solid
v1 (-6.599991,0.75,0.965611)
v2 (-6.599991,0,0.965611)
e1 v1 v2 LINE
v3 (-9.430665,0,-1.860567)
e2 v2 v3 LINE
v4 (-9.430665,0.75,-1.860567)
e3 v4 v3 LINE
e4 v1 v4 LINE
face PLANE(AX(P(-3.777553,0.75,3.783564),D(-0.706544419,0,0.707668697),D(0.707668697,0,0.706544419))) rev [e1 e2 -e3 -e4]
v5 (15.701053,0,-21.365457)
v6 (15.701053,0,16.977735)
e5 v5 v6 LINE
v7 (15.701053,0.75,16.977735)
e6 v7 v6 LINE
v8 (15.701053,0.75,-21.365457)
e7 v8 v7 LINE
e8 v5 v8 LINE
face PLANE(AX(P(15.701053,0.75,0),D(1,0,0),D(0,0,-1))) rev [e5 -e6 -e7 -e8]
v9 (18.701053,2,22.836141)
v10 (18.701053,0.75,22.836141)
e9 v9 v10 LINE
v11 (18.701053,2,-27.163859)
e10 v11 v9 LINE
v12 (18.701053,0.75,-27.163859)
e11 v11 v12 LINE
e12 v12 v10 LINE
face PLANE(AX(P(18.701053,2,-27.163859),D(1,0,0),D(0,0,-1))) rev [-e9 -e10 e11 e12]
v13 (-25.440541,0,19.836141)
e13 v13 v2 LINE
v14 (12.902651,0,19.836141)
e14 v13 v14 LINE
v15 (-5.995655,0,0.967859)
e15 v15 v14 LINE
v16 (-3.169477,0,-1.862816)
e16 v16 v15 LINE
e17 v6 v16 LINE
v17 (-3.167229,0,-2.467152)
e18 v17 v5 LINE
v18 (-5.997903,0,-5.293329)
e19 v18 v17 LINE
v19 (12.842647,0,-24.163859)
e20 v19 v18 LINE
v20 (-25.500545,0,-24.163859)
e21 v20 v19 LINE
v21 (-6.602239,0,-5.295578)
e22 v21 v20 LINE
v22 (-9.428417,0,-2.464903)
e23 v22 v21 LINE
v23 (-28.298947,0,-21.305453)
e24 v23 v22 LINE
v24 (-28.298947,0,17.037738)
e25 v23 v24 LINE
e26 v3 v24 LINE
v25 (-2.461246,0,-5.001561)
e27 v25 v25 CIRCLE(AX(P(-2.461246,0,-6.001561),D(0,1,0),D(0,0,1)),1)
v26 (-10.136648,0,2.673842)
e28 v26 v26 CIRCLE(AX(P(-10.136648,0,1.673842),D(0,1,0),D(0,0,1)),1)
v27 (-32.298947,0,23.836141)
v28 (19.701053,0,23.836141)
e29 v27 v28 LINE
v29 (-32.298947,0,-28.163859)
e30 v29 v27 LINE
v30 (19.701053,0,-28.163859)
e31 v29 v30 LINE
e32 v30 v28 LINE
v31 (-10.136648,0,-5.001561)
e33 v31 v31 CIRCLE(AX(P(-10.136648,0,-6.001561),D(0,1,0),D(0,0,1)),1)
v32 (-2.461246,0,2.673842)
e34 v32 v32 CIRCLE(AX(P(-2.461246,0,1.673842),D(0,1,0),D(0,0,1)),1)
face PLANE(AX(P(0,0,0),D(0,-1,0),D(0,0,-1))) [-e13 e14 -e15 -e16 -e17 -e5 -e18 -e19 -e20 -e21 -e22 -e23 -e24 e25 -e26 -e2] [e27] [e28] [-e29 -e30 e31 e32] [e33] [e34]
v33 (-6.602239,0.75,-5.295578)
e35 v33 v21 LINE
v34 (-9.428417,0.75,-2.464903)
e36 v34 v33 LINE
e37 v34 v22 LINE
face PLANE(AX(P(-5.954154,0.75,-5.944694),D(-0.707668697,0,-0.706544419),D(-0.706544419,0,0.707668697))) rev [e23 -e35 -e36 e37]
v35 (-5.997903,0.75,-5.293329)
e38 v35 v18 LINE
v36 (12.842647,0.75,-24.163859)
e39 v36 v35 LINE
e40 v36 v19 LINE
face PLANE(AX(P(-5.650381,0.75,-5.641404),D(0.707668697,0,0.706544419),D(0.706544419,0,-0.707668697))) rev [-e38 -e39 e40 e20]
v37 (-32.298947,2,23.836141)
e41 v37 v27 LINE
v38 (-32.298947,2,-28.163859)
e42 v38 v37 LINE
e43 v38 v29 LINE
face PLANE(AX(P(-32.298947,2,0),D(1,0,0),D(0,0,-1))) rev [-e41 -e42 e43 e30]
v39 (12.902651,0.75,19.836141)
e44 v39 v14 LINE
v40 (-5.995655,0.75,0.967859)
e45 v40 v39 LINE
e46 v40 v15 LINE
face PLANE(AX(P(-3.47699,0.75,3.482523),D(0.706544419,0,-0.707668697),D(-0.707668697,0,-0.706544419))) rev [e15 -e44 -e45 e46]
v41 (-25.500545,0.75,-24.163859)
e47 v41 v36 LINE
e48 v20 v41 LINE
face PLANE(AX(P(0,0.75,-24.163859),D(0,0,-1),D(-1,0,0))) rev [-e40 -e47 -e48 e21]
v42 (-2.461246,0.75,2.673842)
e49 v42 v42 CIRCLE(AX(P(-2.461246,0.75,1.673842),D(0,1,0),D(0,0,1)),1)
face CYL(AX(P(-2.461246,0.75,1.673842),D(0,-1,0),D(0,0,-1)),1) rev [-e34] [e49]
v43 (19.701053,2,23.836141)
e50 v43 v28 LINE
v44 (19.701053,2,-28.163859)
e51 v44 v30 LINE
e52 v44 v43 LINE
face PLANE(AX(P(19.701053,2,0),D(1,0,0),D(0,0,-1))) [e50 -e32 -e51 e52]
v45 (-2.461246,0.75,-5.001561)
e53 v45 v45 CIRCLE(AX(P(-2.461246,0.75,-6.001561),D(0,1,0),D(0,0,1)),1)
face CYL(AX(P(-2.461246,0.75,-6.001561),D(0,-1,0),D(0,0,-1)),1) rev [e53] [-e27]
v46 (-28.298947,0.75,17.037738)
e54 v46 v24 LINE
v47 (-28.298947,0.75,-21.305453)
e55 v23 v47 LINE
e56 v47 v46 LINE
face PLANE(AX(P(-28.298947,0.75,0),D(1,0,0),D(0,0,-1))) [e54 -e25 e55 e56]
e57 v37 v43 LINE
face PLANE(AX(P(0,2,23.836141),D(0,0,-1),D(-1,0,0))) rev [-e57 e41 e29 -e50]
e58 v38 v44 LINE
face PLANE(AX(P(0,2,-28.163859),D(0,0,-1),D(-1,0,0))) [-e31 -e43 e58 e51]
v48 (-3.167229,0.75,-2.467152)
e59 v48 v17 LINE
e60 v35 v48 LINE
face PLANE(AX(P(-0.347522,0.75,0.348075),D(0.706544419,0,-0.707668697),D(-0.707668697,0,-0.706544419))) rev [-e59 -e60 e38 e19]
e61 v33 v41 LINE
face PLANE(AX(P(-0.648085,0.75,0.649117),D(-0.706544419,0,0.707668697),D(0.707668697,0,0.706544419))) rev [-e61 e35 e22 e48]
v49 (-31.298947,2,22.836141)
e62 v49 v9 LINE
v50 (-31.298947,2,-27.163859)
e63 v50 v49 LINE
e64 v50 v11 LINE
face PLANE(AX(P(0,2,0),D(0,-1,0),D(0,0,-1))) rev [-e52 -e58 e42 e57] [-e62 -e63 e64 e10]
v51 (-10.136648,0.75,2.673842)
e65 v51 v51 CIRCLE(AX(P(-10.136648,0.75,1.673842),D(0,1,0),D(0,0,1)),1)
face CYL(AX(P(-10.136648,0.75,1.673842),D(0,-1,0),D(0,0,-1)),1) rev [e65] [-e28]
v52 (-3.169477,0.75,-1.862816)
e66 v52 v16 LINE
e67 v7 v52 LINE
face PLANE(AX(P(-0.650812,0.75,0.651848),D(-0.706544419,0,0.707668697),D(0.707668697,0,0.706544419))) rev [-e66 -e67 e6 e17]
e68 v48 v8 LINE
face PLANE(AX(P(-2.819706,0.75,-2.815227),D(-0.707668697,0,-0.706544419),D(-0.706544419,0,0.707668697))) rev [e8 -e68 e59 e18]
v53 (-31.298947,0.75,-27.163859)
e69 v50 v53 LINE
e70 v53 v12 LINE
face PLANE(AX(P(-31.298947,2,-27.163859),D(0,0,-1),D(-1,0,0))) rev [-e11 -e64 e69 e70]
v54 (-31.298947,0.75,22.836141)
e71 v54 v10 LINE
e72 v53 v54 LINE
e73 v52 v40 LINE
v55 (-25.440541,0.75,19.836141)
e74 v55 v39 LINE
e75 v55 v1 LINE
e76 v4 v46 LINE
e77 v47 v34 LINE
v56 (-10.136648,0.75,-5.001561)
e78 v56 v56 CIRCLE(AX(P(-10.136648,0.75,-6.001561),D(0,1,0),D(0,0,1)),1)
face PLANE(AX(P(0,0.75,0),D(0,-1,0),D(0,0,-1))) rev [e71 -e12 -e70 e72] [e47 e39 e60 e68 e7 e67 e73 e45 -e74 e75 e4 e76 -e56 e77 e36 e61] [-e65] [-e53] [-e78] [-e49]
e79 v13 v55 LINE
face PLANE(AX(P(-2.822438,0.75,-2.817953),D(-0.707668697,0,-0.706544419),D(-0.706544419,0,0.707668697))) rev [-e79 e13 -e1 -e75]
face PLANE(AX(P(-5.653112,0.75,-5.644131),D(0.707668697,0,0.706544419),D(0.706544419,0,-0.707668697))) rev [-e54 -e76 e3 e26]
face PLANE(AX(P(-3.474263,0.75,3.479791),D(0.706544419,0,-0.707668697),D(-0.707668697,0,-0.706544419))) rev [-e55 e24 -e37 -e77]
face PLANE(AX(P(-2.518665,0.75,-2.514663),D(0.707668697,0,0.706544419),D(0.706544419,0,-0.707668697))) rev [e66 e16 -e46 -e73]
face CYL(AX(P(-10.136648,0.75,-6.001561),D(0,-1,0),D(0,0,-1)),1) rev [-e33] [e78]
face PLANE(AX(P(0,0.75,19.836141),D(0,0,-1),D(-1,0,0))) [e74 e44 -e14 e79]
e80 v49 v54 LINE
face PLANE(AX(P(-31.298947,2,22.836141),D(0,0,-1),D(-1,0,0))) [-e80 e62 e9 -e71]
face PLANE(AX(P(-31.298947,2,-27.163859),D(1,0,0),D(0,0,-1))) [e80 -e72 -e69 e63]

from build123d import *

# Parameters (mm, degrees)
SKETCH1_W           = 50
SKETCH1_H           = 50
SKETCH1_W_2         = 44
SKETCH1_H_2         = 44
EXTRUDE_THIN1_DEPTH = 0.75
SKETCH1_3_R         = 1
BOSS_EXTRUDE1_DEPTH = 0.75
SKETCH1_4_W         = 52
SKETCH1_4_H         = 52
SKETCH1_4_W_2       = 50
SKETCH1_4_H_2       = 50
EXTRUDE_THIN2_DEPTH = 2


with BuildPart() as part:
    # Sketch1 → Extrude-Thin1 (new body)
    with BuildSketch(Plane(origin=(0, 0, 0), x_dir=(1, 0, 0), z_dir=(0, 1, 0))):
        with Locations((-6.298946979, 2.1638593)):
            Rectangle(SKETCH1_W, SKETCH1_H)
        with Locations((-6.298946979, 2.1638593)):
            Rectangle(SKETCH1_W_2, SKETCH1_H_2, mode=Mode.SUBTRACT)
    extrude(amount=EXTRUDE_THIN1_DEPTH)

    # Sketch1<3> → Boss-Extrude1 (add)
    # profile 1 of 4: a face of its own
    with BuildSketch(Plane(origin=(0, 0, 0), x_dir=(1, 0, 0), z_dir=(0, 1, 0))):
        Polygon((-9.430665417, 1.860567093), (-31.298946979, -20.042512046), (-31.298946979, -22.8361407), (-28.435774882, -22.8361407), (-6.59999063, -0.965610581), align=None)
        with Locations((-10.136648367, -1.673842088)):
            Circle(SKETCH1_3_R, mode=Mode.SUBTRACT)
    # profile 2 of 4: a face of its own
    with BuildSketch(Plane(origin=(0, 0, 0), x_dir=(1, 0, 0), z_dir=(0, 1, 0))):
        Polygon((-5.995654771, -0.967859138), (15.907424367, -22.8361407), (18.701053021, -22.8361407), (18.701053021, -19.972968602), (-3.169477097, 1.86281565), align=None)
        with Locations((-2.461245591, -1.673842088)):
            Circle(SKETCH1_3_R, mode=Mode.SUBTRACT)
    # profile 3 of 4: a face of its own
    with BuildSketch(Plane(origin=(0, 0, 0), x_dir=(1, 0, 0), z_dir=(0, 1, 0))):
        Polygon((18.701053021, 27.1638593), (15.837880924, 27.1638593), (-5.997903328, 5.293329182), (-3.167228541, 2.467151508), (18.701053021, 24.370230647), align=None)
        with Locations((-2.461245591, 6.001560689)):
            Circle(SKETCH1_3_R, mode=Mode.SUBTRACT)
    # profile 4 of 4: a face of its own
    with BuildSketch(Plane(origin=(0, 0, 0), x_dir=(1, 0, 0), z_dir=(0, 1, 0))):
        Polygon((-31.298946979, 27.1638593), (-31.298946979, 24.300687203), (-9.428416861, 2.464902951), (-6.602239187, 5.295577739), (-28.505318325, 27.1638593), align=None)
        with Locations((-10.136648367, 6.001560689)):
            Circle(SKETCH1_3_R, mode=Mode.SUBTRACT)
    extrude(amount=BOSS_EXTRUDE1_DEPTH)

    # Sketch1<4> → Extrude-Thin2 (add)
    with BuildSketch(Plane(origin=(0, 0, 0), x_dir=(1, 0, 0), z_dir=(0, 1, 0))):
        with Locations((-6.298946979, 2.1638593)):
            Rectangle(SKETCH1_4_W, SKETCH1_4_H)
        with Locations((-6.298946979, 2.1638593)):
            Rectangle(SKETCH1_4_W_2, SKETCH1_4_H_2, mode=Mode.SUBTRACT)
    extrude(amount=EXTRUDE_THIN2_DEPTH)


solid = part.part
